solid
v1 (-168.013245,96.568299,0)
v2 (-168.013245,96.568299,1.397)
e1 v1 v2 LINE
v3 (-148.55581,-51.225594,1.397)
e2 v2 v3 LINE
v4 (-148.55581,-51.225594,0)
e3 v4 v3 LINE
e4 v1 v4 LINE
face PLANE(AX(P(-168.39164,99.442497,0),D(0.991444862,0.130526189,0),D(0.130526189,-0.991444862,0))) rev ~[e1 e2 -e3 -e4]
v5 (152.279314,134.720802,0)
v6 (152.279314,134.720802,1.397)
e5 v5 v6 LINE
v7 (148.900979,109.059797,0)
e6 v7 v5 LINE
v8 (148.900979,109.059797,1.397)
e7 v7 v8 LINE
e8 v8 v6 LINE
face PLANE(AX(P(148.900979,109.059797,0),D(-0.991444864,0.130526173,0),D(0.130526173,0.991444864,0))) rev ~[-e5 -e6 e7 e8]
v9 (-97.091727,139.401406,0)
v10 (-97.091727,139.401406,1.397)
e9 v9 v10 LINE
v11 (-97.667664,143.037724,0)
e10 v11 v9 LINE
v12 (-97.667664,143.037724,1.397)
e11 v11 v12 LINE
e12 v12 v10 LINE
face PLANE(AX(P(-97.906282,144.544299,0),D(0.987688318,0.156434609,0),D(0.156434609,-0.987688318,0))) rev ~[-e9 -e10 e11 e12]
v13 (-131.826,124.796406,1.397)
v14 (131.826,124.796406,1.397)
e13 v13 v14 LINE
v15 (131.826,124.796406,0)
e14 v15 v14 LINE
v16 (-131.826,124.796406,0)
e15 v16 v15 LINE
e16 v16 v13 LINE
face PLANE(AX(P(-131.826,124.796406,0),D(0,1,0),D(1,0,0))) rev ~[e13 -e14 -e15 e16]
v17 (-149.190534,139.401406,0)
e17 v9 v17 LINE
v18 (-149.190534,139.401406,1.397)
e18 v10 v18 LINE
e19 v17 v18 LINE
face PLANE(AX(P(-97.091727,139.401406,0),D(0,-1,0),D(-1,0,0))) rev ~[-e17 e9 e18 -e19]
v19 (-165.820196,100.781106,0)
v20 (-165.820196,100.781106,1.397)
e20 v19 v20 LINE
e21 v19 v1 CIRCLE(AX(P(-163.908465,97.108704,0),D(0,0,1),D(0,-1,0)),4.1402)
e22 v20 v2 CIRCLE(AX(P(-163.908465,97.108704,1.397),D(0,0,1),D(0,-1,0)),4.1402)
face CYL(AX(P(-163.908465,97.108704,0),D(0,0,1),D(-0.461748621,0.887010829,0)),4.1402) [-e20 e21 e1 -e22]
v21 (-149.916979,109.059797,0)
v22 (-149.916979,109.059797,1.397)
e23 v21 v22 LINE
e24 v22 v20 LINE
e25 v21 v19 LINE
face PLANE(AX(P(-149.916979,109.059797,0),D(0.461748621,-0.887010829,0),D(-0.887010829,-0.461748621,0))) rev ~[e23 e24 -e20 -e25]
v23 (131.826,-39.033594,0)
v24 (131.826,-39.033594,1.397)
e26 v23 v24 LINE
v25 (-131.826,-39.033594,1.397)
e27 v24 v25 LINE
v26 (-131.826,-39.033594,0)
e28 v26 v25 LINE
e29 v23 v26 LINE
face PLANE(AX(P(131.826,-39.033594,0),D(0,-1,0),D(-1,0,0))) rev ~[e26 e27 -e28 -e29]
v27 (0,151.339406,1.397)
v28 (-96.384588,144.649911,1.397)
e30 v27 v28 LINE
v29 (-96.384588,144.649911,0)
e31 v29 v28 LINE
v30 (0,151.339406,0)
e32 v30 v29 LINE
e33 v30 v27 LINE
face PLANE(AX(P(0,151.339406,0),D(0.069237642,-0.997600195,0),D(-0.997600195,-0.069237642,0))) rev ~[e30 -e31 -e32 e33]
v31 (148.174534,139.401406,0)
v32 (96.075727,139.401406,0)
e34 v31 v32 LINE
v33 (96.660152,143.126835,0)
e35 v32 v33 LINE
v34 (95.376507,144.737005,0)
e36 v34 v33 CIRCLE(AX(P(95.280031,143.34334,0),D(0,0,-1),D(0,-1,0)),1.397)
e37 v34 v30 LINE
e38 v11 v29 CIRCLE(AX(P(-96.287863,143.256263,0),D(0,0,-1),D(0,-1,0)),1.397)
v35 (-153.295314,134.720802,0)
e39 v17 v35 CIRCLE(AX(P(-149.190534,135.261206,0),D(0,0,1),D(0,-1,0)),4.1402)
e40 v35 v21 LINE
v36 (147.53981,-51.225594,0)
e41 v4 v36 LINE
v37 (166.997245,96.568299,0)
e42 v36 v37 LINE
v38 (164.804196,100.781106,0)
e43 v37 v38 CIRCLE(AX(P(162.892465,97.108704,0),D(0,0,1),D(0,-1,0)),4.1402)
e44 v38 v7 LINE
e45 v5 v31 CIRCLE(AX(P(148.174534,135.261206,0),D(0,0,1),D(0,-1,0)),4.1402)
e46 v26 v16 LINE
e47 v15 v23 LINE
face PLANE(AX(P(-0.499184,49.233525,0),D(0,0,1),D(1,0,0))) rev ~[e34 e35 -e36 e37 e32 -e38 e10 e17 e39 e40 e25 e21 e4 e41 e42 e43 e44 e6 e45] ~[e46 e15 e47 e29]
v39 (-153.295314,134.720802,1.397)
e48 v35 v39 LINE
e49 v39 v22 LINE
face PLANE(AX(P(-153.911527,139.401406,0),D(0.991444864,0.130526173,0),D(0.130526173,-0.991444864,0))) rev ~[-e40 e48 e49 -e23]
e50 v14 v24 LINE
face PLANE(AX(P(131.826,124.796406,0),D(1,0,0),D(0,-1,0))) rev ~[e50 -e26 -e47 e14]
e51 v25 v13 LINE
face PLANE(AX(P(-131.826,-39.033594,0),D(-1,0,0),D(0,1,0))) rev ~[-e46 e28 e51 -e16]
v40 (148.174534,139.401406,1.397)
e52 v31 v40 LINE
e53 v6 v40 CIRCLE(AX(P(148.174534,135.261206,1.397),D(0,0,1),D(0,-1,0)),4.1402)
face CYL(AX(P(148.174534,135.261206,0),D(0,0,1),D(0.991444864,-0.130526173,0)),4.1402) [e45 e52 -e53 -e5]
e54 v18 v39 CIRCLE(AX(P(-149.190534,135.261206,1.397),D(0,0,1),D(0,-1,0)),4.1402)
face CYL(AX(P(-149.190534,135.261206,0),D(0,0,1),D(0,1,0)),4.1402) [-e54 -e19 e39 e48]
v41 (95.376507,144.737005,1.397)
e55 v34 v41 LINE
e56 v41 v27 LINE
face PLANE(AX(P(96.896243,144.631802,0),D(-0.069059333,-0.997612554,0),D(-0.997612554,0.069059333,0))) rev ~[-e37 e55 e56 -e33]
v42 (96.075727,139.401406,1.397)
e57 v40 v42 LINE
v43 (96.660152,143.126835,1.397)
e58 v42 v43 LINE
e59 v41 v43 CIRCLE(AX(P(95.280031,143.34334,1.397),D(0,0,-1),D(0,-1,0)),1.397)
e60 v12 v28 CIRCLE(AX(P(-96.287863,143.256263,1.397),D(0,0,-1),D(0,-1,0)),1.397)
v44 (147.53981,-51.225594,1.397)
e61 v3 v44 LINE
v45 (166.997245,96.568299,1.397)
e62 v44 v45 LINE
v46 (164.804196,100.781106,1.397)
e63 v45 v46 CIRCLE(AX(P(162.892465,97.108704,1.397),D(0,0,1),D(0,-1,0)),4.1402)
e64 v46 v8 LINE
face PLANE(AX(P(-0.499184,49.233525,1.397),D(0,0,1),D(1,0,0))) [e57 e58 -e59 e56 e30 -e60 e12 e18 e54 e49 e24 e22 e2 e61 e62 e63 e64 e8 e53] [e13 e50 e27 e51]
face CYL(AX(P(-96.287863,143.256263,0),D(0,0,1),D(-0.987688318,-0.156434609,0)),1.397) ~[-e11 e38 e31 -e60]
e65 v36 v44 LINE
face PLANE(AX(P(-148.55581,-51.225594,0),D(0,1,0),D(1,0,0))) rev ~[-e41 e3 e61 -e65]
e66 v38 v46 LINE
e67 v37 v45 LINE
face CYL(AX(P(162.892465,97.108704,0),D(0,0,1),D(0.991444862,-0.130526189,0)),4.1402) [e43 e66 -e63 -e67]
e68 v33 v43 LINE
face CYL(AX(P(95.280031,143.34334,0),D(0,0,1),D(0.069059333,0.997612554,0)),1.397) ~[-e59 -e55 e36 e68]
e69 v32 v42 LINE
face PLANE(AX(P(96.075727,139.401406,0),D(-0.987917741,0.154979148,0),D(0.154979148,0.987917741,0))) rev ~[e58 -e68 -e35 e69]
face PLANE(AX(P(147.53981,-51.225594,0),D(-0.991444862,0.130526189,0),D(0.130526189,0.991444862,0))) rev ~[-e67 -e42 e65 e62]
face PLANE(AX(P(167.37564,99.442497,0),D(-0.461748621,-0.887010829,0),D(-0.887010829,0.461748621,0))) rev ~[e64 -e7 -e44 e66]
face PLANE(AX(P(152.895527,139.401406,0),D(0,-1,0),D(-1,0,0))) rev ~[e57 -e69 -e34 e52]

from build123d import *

# Parameters (mm, degrees)
F1_DEPTH = 1.397
F2_R     = 4.1402
F3_R     = 1.397


with BuildPart() as f1:
    # F0 (on Top) → F1 (new body)
    with BuildSketch(Plane.XY):
        Polygon((-97.091727, 139.401406), (-153.911527, 139.401406), (-149.916979, 109.059797), (-168.39164, 99.442497), (-148.55581, -51.225594), (0, -51.225594), (147.53981, -51.225594), (167.37564, 99.442497), (148.900979, 109.059797), (152.895527, 139.401406), (96.075727, 139.401406), (96.896243, 144.631802), (0, 151.339406), (-97.906282, 144.544299), align=None)
        Polygon((-131.826, -39.033594), (-131.826, 124.796406), (0, 124.796406), (130.81, 124.796406), (131.826, 124.796406), (131.826, -39.033594), (-1.016, -39.033594), align=None, mode=Mode.SUBTRACT)
    extrude(amount=F1_DEPTH)

    # F2
    f2_edges = [f1.edges().sort_by_distance(p)[0] for p in [
        (-153.911527, 139.401406, 0.6985),
        (152.895527, 139.401406, 0.6985),
        (-168.39164, 99.442497, 0.6985),
        (167.37564, 99.442497, 0.6985),
    ]]
    fillet(f2_edges, radius=F2_R)

    # F3
    f3_edges = [f1.edges().sort_by_distance(p)[0] for p in [
        (96.896243, 144.631802, 0.6985),
        (-97.906282, 144.544299, 0.6985),
    ]]
    fillet(f3_edges, radius=F3_R)


solid = f1.part
